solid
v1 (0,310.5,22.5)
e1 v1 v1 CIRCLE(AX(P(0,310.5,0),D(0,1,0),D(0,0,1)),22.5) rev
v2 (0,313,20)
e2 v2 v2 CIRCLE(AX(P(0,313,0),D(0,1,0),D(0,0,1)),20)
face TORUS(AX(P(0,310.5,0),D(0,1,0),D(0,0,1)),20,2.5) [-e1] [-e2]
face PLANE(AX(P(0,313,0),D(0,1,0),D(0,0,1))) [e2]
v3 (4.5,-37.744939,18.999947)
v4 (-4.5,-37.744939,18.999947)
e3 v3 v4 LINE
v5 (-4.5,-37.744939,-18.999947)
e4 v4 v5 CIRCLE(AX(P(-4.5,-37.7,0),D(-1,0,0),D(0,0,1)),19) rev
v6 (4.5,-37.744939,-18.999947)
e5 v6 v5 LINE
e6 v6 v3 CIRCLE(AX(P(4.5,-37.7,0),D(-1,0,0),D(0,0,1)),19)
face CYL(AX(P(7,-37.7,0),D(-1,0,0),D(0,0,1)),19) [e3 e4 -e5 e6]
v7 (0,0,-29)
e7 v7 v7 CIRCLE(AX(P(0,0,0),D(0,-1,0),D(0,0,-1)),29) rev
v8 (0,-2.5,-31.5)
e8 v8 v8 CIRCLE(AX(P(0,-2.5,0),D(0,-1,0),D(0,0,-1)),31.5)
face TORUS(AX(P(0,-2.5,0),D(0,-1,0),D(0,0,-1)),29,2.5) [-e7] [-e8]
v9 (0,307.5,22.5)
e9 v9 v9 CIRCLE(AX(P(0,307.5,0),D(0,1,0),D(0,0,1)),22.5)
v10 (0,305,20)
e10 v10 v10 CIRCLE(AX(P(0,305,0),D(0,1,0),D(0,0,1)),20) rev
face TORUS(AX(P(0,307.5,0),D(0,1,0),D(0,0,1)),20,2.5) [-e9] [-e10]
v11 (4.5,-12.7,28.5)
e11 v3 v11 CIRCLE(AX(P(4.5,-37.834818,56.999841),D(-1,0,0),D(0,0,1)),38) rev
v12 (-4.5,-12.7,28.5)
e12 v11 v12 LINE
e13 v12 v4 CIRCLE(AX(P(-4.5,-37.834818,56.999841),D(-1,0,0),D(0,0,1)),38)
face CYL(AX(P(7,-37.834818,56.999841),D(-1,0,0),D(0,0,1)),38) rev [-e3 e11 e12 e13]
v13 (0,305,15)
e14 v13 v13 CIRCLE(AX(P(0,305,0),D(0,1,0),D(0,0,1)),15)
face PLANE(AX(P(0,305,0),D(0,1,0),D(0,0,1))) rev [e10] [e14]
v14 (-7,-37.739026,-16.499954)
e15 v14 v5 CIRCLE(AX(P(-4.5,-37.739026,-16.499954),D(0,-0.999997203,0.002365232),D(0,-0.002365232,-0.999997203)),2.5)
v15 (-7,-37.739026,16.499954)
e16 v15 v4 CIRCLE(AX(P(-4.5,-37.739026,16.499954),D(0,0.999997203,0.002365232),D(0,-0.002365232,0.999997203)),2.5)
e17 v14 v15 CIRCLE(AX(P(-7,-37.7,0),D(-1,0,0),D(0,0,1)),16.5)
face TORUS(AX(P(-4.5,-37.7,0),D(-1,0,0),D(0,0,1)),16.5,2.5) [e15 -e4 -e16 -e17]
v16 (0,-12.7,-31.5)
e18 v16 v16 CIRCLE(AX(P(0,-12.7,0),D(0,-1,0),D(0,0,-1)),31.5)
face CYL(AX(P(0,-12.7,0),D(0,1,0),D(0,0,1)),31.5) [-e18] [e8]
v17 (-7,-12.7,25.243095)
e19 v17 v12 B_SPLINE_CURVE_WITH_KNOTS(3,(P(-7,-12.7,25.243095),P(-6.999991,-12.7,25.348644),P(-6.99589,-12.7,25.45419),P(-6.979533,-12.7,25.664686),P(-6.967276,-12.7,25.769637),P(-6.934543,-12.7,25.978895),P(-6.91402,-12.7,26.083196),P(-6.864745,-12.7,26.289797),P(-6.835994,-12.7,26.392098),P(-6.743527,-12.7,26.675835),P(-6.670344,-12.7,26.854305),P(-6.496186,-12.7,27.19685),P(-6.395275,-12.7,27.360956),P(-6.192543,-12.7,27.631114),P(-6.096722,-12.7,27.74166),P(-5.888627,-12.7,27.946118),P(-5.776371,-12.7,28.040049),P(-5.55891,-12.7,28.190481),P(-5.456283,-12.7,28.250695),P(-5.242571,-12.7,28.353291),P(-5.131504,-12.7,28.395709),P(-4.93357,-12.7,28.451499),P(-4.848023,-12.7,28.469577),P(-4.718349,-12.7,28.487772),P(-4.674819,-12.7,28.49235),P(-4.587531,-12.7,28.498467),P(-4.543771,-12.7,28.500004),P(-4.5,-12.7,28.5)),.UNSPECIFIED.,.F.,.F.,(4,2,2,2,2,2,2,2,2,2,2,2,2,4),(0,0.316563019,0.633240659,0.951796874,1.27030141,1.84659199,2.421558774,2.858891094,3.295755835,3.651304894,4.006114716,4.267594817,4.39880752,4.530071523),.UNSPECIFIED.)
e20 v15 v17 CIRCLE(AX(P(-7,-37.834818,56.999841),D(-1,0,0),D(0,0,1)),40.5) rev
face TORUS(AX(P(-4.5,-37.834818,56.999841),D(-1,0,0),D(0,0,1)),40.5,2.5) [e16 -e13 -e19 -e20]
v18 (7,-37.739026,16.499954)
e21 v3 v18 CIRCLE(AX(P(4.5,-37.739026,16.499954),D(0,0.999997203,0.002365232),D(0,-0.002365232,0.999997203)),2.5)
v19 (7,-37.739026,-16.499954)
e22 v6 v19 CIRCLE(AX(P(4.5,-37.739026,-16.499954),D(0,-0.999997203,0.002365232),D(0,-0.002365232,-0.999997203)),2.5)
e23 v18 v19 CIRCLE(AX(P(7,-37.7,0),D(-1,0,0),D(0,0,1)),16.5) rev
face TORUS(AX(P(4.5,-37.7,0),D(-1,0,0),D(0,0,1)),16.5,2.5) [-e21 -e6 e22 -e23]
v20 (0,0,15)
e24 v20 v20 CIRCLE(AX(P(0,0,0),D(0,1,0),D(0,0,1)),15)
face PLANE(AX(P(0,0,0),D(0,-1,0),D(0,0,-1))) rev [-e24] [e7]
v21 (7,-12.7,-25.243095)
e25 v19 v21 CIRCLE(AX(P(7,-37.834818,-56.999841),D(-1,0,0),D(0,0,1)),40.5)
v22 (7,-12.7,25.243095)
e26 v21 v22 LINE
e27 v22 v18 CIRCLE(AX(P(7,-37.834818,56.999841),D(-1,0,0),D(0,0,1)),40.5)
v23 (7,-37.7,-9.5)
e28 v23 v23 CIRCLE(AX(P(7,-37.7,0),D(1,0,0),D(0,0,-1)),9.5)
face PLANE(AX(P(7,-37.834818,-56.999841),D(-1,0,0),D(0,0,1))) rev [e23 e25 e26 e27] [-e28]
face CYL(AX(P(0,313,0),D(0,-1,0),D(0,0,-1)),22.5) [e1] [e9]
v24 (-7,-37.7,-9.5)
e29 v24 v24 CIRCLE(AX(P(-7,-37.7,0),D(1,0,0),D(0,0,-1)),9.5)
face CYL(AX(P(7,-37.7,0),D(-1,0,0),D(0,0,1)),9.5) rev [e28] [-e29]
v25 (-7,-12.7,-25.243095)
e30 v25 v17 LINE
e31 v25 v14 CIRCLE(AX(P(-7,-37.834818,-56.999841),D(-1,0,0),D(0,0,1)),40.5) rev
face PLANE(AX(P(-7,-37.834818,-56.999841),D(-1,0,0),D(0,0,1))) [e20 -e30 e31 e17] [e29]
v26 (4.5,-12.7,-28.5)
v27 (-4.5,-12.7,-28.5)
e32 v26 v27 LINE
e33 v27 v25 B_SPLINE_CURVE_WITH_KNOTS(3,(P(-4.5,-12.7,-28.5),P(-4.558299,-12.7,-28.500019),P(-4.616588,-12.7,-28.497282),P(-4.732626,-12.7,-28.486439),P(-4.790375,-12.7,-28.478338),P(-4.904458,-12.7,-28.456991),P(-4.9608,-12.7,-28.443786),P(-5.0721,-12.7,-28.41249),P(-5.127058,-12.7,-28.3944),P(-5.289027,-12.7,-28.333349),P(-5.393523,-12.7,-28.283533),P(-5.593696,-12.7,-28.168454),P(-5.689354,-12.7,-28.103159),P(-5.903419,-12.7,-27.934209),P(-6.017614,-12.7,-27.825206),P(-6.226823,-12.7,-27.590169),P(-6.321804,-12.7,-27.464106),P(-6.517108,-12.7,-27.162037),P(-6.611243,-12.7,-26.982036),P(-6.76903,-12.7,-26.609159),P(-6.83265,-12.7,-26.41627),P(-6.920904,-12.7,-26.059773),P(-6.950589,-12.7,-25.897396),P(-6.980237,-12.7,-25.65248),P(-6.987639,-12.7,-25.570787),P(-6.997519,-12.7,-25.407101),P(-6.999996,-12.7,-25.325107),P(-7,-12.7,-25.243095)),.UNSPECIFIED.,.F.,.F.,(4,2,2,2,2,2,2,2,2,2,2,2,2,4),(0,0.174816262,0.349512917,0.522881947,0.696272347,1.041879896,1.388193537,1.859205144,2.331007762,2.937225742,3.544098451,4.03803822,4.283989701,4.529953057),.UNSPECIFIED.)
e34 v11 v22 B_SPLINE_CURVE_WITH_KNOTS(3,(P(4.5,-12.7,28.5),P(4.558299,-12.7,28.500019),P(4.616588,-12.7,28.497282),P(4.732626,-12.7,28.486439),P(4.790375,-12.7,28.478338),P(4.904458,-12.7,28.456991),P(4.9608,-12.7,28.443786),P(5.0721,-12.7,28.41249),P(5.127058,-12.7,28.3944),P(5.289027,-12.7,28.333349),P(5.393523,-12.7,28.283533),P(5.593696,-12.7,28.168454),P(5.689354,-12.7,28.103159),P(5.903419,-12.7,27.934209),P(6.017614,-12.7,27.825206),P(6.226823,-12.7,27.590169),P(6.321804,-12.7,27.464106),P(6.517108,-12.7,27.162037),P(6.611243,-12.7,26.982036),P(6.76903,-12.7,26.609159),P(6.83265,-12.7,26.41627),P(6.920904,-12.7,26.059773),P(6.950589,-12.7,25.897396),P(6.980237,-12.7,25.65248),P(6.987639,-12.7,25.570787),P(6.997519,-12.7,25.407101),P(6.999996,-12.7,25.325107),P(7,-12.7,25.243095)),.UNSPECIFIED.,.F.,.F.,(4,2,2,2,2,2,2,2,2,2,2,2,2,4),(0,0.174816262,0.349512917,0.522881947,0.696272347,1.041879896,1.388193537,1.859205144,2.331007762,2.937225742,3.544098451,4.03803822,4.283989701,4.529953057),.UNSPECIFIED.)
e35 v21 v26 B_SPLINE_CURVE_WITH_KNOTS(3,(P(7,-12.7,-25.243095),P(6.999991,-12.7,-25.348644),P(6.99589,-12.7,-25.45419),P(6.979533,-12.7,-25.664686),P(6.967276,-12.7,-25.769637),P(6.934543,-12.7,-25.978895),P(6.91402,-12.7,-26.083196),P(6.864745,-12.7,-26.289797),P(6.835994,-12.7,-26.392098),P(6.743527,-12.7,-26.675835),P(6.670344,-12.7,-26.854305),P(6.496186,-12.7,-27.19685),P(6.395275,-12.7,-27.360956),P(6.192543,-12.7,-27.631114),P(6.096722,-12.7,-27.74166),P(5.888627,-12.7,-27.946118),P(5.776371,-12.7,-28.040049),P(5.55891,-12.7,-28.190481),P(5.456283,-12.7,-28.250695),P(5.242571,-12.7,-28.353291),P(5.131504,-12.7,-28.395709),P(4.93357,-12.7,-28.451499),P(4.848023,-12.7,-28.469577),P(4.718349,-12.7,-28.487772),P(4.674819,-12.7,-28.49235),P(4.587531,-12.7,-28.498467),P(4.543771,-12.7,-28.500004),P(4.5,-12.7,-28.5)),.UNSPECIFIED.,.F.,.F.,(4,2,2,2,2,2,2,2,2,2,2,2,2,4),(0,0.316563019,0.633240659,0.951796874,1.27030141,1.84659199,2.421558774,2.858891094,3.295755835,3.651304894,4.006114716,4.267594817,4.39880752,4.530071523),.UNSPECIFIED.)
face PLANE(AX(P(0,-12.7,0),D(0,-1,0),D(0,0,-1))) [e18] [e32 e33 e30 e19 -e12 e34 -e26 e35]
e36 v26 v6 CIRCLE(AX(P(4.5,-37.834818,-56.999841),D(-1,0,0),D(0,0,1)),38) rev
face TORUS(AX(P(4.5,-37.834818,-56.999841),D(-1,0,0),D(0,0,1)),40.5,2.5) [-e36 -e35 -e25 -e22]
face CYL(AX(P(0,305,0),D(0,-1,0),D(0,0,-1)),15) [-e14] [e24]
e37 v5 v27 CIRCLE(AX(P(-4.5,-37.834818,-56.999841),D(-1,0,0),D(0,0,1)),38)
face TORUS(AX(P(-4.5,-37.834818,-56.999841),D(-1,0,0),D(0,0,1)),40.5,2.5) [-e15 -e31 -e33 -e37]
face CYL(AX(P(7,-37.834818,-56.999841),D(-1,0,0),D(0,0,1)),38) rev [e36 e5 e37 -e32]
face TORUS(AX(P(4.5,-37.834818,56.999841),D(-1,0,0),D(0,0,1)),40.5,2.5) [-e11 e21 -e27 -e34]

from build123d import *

# Parameters (mm, degrees)
SKETCH1_R           = 15
BOSS_EXTRUDE1_DEPTH = 305
SKETCH2_R           = 22.5
BOSS_EXTRUDE2_DEPTH = 8
SKETCH3_R           = 31.5
BOSS_EXTRUDE3_DEPTH = 12.7
SKETCH4_R           = 9.5
BOSS_EXTRUDE5_DEPTH = 7
FILLET1_R           = 2.5


with BuildPart() as part:
    # Sketch1 → Boss-Extrude1 (new body)
    with BuildSketch(Plane(origin=(0, 0, 0), x_dir=(1, 0, 0), z_dir=(0, 1, 0))):
        with Locations(Location((0, 0, 0), (0, 0, 270))):
            Circle(SKETCH1_R)
    extrude(amount=BOSS_EXTRUDE1_DEPTH)

    # Sketch2 → Boss-Extrude2 (add)
    with BuildSketch(Plane(origin=(0, 305, 0), x_dir=(1, 0, 0), z_dir=(0, 1, 0))):
        with Locations(Location((0, 0, 0), (0, 0, 270))):
            Circle(SKETCH2_R)
    extrude(amount=BOSS_EXTRUDE2_DEPTH)

    # Sketch3 → Boss-Extrude3 (add)
    with BuildSketch(Plane.XZ):
        with Locations(Location((0, 0, 0), (0, 0, 270))):
            Circle(SKETCH3_R)
    extrude(amount=BOSS_EXTRUDE3_DEPTH)

    # Sketch4 → Boss-Extrude5 (add, symmetric)
    with BuildSketch(Plane(origin=(0, 0, 0), x_dir=(0, 0, -1), z_dir=(1, 0, 0))):
        with BuildLine():
            Line((-28.5, -12.7), (28.5, -12.7))
            ThreePointArc((28.5, -12.7), (21.470051482, -24.357649102), (18.999946854, -37.744939413))
            ThreePointArc((18.999946854, -37.744939413), (0, -56.7), (-18.999946854, -37.744939413))
            ThreePointArc((-18.999946854, -37.744939413), (-21.470051482, -24.357649102), (-28.5, -12.7))
        make_face()
        with Locations((0, -37.7)):
            Circle(SKETCH4_R, mode=Mode.SUBTRACT)
    extrude(amount=BOSS_EXTRUDE5_DEPTH, both=True)

    # Fillet1
    fillet1_edges = [part.edges().sort_by_distance(p)[0] for p in [
        (0, 0, 31.5),
        (7, -24.357649102, -21.470051482),
        (7, -24.357649102, 21.470051482),
        (7, -56.7, 0),
        (-7, -24.357649102, -21.470051482),
        (-7, -24.357649102, 21.470051482),
        (-7, -56.7, 0),
        (0, 305, -22.5),
        (0, 313, -22.5),
    ]]
    fillet(fillet1_edges, radius=FILLET1_R)


solid = part.part
